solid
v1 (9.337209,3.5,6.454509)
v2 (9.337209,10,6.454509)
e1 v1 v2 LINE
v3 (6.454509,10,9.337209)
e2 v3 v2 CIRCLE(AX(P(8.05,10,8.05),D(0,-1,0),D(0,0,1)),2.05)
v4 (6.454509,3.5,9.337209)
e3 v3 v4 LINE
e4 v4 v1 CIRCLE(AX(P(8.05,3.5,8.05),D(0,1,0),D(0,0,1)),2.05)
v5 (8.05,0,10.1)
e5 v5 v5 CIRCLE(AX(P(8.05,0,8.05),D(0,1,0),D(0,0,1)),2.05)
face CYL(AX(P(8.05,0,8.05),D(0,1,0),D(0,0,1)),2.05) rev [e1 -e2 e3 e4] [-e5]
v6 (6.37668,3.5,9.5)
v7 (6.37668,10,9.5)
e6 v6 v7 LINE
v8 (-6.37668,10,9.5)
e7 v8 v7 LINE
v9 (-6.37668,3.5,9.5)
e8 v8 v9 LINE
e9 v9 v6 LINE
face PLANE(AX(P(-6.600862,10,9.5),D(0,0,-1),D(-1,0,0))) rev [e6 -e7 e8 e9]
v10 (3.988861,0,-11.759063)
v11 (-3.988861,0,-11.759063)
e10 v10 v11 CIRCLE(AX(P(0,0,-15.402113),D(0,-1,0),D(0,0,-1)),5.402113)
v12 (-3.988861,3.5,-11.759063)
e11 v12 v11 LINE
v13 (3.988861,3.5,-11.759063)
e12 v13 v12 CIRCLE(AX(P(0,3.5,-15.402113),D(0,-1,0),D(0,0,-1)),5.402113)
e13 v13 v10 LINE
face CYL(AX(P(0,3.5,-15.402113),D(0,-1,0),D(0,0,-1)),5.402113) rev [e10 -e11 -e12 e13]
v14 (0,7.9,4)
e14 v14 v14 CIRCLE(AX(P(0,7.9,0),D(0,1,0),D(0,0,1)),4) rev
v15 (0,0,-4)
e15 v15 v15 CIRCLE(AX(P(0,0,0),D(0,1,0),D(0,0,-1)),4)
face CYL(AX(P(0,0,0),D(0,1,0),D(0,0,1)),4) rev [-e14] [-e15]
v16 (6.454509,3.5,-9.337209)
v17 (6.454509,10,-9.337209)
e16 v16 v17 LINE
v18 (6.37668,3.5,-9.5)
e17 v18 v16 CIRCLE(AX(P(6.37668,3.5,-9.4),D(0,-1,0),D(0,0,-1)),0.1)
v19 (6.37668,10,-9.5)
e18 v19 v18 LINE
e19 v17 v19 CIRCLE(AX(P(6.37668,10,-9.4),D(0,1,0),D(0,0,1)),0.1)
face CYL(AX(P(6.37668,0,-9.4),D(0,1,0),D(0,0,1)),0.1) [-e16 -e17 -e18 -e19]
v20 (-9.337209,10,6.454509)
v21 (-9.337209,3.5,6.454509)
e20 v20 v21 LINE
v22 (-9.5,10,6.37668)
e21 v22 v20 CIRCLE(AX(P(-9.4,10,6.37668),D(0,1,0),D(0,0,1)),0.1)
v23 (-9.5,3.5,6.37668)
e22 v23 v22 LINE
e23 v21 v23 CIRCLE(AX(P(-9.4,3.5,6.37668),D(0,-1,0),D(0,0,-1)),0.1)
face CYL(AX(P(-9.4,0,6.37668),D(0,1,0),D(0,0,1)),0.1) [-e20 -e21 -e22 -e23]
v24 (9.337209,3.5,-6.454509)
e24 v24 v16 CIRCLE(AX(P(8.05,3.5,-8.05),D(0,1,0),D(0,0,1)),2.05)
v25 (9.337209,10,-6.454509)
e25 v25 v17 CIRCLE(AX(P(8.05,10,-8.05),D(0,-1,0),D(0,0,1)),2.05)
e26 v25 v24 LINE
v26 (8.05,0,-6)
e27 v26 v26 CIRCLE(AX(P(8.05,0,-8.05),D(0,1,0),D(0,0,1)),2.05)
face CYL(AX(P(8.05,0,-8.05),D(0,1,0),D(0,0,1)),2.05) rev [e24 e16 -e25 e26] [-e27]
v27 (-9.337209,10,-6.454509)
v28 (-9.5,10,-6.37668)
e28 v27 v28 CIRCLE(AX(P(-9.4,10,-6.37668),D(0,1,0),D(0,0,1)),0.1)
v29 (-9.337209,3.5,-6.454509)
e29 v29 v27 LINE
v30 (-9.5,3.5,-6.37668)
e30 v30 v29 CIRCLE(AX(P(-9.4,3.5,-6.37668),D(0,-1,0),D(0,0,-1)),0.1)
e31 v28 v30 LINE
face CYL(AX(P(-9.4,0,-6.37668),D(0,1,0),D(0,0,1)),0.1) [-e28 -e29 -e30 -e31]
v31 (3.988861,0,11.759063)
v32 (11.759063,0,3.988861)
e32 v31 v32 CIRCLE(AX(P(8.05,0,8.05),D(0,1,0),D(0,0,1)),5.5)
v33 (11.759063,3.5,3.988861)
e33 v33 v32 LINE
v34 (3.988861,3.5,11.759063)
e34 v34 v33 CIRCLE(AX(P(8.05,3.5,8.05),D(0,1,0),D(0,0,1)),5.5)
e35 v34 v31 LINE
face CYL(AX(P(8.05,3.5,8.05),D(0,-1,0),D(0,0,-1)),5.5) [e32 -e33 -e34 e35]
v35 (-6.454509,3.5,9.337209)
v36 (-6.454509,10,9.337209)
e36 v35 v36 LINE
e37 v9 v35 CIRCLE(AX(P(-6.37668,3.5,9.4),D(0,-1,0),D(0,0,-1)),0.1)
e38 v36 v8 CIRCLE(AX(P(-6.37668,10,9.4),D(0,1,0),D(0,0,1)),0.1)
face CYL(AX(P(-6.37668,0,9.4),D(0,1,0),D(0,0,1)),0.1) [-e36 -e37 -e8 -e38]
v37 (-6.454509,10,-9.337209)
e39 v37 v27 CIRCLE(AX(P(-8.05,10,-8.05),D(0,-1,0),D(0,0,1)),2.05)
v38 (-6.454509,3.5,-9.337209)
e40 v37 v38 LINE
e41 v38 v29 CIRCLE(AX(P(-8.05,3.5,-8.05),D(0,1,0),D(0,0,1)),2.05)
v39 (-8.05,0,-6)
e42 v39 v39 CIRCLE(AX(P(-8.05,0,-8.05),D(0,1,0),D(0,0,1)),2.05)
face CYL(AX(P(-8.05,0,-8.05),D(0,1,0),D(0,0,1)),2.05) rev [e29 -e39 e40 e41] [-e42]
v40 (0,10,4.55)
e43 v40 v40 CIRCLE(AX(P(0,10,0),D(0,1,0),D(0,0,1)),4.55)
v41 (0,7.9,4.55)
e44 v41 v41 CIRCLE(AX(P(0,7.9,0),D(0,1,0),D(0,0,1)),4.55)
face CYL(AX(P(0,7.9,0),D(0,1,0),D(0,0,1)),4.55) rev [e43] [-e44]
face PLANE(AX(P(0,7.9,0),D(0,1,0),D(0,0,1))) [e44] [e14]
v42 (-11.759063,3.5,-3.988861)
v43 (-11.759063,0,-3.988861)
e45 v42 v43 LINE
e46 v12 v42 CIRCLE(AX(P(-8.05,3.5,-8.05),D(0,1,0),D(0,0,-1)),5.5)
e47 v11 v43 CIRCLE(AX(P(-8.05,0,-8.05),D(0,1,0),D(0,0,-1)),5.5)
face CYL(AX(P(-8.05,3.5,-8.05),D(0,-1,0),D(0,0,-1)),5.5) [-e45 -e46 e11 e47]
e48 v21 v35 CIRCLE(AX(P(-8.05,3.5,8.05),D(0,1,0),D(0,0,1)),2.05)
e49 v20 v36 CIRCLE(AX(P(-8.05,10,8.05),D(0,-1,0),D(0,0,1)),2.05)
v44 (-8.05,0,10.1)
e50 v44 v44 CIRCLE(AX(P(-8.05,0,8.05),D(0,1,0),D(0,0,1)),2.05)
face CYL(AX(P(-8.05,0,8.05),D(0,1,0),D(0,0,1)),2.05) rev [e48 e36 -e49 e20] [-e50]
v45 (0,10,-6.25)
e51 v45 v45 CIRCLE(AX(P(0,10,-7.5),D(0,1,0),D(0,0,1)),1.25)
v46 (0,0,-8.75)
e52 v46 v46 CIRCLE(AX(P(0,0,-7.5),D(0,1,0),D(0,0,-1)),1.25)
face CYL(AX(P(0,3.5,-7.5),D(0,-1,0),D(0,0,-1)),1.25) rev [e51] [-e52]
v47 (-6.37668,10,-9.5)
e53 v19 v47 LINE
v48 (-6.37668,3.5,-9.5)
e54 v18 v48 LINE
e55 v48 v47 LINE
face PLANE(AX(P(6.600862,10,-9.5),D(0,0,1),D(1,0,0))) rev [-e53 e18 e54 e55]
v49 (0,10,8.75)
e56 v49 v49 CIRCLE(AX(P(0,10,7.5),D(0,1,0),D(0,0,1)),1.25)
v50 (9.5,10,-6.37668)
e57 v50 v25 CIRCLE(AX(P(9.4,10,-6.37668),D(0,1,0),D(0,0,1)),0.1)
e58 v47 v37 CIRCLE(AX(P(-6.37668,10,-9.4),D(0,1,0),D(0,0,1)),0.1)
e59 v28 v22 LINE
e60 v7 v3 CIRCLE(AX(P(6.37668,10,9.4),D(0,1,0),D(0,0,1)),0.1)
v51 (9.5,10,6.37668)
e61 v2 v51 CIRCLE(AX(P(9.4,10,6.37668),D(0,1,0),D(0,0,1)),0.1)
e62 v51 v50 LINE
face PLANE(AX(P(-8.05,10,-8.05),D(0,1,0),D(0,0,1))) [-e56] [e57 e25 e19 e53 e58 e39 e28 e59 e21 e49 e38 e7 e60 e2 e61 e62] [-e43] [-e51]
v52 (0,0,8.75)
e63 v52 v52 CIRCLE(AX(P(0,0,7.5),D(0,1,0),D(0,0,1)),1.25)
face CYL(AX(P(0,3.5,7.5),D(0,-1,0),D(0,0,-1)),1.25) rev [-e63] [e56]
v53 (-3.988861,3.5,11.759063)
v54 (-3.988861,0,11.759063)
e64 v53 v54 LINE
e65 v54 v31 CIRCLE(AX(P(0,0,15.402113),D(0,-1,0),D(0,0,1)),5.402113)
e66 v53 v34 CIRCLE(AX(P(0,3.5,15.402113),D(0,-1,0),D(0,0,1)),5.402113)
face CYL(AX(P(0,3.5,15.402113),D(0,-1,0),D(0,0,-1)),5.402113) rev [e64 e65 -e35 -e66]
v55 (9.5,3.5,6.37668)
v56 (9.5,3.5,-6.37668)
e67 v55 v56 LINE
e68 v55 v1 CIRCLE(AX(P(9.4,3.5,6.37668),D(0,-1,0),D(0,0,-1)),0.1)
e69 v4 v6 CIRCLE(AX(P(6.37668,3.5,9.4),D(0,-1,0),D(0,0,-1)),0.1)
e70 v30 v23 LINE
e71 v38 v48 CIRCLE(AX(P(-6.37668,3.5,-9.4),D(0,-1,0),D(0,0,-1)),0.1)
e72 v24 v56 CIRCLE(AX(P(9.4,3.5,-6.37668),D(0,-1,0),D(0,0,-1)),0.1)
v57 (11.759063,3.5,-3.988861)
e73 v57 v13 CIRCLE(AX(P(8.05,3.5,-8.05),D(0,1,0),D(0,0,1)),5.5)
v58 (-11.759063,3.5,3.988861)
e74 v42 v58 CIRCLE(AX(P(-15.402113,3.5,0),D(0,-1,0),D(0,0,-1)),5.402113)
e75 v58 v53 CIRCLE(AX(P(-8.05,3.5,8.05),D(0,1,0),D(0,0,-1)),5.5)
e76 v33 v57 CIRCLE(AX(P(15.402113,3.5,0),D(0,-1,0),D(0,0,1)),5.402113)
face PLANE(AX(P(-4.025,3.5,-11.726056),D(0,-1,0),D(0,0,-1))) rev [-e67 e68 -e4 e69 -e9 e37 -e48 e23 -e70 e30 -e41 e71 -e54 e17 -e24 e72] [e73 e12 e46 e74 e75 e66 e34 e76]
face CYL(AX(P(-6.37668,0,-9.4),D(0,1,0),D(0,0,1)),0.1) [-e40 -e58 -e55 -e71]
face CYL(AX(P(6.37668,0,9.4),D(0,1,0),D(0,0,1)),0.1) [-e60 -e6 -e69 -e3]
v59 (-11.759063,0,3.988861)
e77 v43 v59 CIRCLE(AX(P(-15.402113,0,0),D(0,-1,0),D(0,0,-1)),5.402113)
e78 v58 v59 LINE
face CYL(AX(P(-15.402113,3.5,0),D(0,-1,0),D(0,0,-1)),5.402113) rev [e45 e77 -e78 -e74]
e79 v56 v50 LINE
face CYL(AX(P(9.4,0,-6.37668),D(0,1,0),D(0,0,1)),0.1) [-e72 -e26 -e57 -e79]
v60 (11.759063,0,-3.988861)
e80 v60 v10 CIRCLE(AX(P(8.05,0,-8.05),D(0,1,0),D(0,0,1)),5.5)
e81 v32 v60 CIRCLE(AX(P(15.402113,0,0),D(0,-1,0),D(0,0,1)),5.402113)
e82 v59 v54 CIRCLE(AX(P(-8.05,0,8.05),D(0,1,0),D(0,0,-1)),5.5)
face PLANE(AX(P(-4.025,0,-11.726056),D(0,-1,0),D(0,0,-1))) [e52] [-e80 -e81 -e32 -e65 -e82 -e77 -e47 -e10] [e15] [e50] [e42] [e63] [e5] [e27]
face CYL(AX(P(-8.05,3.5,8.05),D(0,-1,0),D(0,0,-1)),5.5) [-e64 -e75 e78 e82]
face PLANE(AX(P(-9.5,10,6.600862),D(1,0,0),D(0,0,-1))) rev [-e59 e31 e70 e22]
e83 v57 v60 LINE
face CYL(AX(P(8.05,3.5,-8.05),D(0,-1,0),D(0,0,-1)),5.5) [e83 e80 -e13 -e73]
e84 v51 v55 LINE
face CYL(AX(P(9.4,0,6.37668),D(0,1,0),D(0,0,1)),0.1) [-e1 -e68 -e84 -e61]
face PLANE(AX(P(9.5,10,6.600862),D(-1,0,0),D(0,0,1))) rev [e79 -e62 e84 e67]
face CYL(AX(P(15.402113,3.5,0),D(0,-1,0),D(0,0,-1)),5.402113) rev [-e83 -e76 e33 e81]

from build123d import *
from build123d.topology import SkipClean

# Parameters (mm, degrees)
SKETCH1_R               = 1.25
BOSS_EXTRUDE1_DEPTH     = 3.5
SKETCH3_R               = 2.05
CUT_EXTRUDE3_DEPTH      = 20.479604719
BOSS_EXTRUDE2_START     = 6.5
SKETCH6_R               = 1.25
BOSS_EXTRUDE2_DEPTH     = 6.5
CUT_EXTRUDE8_DEPTH      = 22.614925399
CUT_EXTRUDE7_DEPTH      = 22.614925399
CUT_EXTRUDE7_DEPTH_BACK = 22.614925399
SKETCH9_R               = 4
SKETCH11_R              = 4.55
CUT_EXTRUDE9_DEPTH      = 2.1
FILLET5_R               = 0.1


with BuildPart() as part:
    # Sketch1 → Boss-Extrude1 (new body)
    with BuildSketch(Plane(origin=(0, 0, 0), x_dir=(1, 0, 0), z_dir=(0, 1, 0))):
        with BuildLine():
            ThreePointArc((3.988860539, -11.759062722), (11.939087297, -11.939087297), (11.759062722, -3.988860539))
            ThreePointArc((11.759062722, -3.988860539), (10, 0), (11.759062722, 3.988860539))
            ThreePointArc((11.759062722, 3.988860539), (11.939087297, 11.939087297), (3.988860539, 11.759062722))
            ThreePointArc((3.988860539, 11.759062722), (0, 10), (-3.988860539, 11.759062722))
            ThreePointArc((-3.988860539, 11.759062722), (-11.939087297, 11.939087297), (-11.759062722, 3.988860539))
            ThreePointArc((-11.759062722, 3.988860539), (-10, 0), (-11.759062722, -3.988860539))
            ThreePointArc((-11.759062722, -3.988860539), (-11.939087297, -11.939087297), (-3.988860539, -11.759062722))
            ThreePointArc((-3.988860539, -11.759062722), (0, -10), (3.988860539, -11.759062722))
        make_face()
        with Locations(Location((0, -7.5, 0), (0, 0, 270))):
            Circle(SKETCH1_R, mode=Mode.SUBTRACT)
        with Locations(Location((0, 7.5, 0), (0, 0, 90))):
            Circle(SKETCH1_R, mode=Mode.SUBTRACT)
    extrude(amount=BOSS_EXTRUDE1_DEPTH)

    # Sketch3 → Cut-Extrude3 (cut, through all)
    with BuildSketch(Plane(origin=(0, 3.5, 0), x_dir=(1, 0, 0), z_dir=(0, 1, 0))):
        with Locations(Location((-8.05, 8.05, 0), (0, 0, 270))):
            Circle(SKETCH3_R)
        with Locations(Location((8.05, 8.05, 0), (0, 0, 270))):
            Circle(SKETCH3_R)
        with Locations(Location((8.05, -8.05, 0), (0, 0, 270))):
            Circle(SKETCH3_R)
        with Locations(Location((-8.05, -8.05, 0), (0, 0, 270))):
            Circle(SKETCH3_R)
    extrude(amount=-CUT_EXTRUDE3_DEPTH, mode=Mode.SUBTRACT)

    # Sketch6 → Boss-Extrude2 (add)
    with SkipClean():  # the faces are left unmerged after this step: merging them gives an invalid solid
        with BuildSketch(Plane(origin=(0, 3.5, 0), x_dir=(1, 0, 0), z_dir=(0, 1, 0)).offset(BOSS_EXTRUDE2_START)):
            with BuildLine():
                Line((6.600862325, 9.5), (-6.600862325, 9.5))
                ThreePointArc((-6.600862325, 9.5), (-6.600431099, 6.600431099), (-9.5, 6.600862325))
                Line((-9.5, 6.600862325), (-9.5, -6.600862325))
                ThreePointArc((-9.5, -6.600862325), (-6.600431099, -6.600431099), (-6.600862325, -9.5))
                Line((-6.600862325, -9.5), (6.600862325, -9.5))
                ThreePointArc((6.600862325, -9.5), (6.600431099, -6.600431099), (9.5, -6.600862325))
                Line((9.5, -6.600862325), (9.5, 6.600862325))
                ThreePointArc((9.5, 6.600862325), (6.600431099, 6.600431099), (6.600862325, 9.5))
            make_face()
            with Locations(Location((0, -7.5, 0), (0, 0, 270))):
                Circle(SKETCH6_R, mode=Mode.SUBTRACT)
            with Locations(Location((0, 7.5, 0), (0, 0, 90))):
                Circle(SKETCH6_R, mode=Mode.SUBTRACT)
        extrude(amount=-BOSS_EXTRUDE2_DEPTH)

    # Sketch10 → Cut-Extrude8 (cut, through all)
    with SkipClean():  # the faces are left unmerged after this step: merging them gives an invalid solid
        with BuildSketch(Plane(origin=(0, 10, 0), x_dir=(1, 0, 0), z_dir=(0, 1, 0))):
            with BuildLine():
                Line((-3.519943181, 1.9), (-3.519943181, -1.9))
                ThreePointArc((-3.519943181, -1.9), (0, -4), (3.519943181, -1.9))
                Line((3.519943181, -1.9), (3.519943181, 1.9))
                ThreePointArc((3.519943181, 1.9), (0, 4), (-3.519943181, 1.9))
            make_face()
        extrude(amount=-CUT_EXTRUDE8_DEPTH, mode=Mode.SUBTRACT)

    # Sketch9 → Cut-Extrude7 (cut, two sides: drawn at the far end of the back side and taken through both)
    with SkipClean():  # the faces are left unmerged after this step: merging them gives an invalid solid
        with BuildSketch(Plane(origin=(0, 10, 0), x_dir=(1, 0, 0), z_dir=(0, 1, 0)).offset(-CUT_EXTRUDE7_DEPTH_BACK)):
            with Locations(Location((0, 0, 0), (0, 0, 90))):
                Circle(SKETCH9_R)
        extrude(amount=CUT_EXTRUDE7_DEPTH + CUT_EXTRUDE7_DEPTH_BACK, mode=Mode.SUBTRACT)

    # Sketch11 → Cut-Extrude9 (cut)
    with SkipClean():  # the faces are left unmerged after this step: merging them gives an invalid solid
        with BuildSketch(Plane(origin=(0, 10, 0), x_dir=(1, 0, 0), z_dir=(0, 1, 0))):
            with Locations(Location((0, 0, 0), (0, 0, 270))):
                Circle(SKETCH11_R)
        extrude(amount=-CUT_EXTRUDE9_DEPTH, mode=Mode.SUBTRACT)

    # Fillet5
    fillet5_edges = [part.edges().sort_by_distance(p)[0] for p in [
        (9.5, 6.75, -6.600862325),
        (6.600862325, 6.75, -9.5),
        (9.5, 6.75, 6.600862325),
        (6.600862325, 6.75, 9.5),
        (-6.600862325, 6.75, 9.5),
        (-9.5, 6.75, 6.600862325),
        (-9.5, 6.75, -6.600862325),
        (-6.600862325, 6.75, -9.5),
    ]]
    fillet(fillet5_edges, radius=FILLET5_R)


solid = part.part
